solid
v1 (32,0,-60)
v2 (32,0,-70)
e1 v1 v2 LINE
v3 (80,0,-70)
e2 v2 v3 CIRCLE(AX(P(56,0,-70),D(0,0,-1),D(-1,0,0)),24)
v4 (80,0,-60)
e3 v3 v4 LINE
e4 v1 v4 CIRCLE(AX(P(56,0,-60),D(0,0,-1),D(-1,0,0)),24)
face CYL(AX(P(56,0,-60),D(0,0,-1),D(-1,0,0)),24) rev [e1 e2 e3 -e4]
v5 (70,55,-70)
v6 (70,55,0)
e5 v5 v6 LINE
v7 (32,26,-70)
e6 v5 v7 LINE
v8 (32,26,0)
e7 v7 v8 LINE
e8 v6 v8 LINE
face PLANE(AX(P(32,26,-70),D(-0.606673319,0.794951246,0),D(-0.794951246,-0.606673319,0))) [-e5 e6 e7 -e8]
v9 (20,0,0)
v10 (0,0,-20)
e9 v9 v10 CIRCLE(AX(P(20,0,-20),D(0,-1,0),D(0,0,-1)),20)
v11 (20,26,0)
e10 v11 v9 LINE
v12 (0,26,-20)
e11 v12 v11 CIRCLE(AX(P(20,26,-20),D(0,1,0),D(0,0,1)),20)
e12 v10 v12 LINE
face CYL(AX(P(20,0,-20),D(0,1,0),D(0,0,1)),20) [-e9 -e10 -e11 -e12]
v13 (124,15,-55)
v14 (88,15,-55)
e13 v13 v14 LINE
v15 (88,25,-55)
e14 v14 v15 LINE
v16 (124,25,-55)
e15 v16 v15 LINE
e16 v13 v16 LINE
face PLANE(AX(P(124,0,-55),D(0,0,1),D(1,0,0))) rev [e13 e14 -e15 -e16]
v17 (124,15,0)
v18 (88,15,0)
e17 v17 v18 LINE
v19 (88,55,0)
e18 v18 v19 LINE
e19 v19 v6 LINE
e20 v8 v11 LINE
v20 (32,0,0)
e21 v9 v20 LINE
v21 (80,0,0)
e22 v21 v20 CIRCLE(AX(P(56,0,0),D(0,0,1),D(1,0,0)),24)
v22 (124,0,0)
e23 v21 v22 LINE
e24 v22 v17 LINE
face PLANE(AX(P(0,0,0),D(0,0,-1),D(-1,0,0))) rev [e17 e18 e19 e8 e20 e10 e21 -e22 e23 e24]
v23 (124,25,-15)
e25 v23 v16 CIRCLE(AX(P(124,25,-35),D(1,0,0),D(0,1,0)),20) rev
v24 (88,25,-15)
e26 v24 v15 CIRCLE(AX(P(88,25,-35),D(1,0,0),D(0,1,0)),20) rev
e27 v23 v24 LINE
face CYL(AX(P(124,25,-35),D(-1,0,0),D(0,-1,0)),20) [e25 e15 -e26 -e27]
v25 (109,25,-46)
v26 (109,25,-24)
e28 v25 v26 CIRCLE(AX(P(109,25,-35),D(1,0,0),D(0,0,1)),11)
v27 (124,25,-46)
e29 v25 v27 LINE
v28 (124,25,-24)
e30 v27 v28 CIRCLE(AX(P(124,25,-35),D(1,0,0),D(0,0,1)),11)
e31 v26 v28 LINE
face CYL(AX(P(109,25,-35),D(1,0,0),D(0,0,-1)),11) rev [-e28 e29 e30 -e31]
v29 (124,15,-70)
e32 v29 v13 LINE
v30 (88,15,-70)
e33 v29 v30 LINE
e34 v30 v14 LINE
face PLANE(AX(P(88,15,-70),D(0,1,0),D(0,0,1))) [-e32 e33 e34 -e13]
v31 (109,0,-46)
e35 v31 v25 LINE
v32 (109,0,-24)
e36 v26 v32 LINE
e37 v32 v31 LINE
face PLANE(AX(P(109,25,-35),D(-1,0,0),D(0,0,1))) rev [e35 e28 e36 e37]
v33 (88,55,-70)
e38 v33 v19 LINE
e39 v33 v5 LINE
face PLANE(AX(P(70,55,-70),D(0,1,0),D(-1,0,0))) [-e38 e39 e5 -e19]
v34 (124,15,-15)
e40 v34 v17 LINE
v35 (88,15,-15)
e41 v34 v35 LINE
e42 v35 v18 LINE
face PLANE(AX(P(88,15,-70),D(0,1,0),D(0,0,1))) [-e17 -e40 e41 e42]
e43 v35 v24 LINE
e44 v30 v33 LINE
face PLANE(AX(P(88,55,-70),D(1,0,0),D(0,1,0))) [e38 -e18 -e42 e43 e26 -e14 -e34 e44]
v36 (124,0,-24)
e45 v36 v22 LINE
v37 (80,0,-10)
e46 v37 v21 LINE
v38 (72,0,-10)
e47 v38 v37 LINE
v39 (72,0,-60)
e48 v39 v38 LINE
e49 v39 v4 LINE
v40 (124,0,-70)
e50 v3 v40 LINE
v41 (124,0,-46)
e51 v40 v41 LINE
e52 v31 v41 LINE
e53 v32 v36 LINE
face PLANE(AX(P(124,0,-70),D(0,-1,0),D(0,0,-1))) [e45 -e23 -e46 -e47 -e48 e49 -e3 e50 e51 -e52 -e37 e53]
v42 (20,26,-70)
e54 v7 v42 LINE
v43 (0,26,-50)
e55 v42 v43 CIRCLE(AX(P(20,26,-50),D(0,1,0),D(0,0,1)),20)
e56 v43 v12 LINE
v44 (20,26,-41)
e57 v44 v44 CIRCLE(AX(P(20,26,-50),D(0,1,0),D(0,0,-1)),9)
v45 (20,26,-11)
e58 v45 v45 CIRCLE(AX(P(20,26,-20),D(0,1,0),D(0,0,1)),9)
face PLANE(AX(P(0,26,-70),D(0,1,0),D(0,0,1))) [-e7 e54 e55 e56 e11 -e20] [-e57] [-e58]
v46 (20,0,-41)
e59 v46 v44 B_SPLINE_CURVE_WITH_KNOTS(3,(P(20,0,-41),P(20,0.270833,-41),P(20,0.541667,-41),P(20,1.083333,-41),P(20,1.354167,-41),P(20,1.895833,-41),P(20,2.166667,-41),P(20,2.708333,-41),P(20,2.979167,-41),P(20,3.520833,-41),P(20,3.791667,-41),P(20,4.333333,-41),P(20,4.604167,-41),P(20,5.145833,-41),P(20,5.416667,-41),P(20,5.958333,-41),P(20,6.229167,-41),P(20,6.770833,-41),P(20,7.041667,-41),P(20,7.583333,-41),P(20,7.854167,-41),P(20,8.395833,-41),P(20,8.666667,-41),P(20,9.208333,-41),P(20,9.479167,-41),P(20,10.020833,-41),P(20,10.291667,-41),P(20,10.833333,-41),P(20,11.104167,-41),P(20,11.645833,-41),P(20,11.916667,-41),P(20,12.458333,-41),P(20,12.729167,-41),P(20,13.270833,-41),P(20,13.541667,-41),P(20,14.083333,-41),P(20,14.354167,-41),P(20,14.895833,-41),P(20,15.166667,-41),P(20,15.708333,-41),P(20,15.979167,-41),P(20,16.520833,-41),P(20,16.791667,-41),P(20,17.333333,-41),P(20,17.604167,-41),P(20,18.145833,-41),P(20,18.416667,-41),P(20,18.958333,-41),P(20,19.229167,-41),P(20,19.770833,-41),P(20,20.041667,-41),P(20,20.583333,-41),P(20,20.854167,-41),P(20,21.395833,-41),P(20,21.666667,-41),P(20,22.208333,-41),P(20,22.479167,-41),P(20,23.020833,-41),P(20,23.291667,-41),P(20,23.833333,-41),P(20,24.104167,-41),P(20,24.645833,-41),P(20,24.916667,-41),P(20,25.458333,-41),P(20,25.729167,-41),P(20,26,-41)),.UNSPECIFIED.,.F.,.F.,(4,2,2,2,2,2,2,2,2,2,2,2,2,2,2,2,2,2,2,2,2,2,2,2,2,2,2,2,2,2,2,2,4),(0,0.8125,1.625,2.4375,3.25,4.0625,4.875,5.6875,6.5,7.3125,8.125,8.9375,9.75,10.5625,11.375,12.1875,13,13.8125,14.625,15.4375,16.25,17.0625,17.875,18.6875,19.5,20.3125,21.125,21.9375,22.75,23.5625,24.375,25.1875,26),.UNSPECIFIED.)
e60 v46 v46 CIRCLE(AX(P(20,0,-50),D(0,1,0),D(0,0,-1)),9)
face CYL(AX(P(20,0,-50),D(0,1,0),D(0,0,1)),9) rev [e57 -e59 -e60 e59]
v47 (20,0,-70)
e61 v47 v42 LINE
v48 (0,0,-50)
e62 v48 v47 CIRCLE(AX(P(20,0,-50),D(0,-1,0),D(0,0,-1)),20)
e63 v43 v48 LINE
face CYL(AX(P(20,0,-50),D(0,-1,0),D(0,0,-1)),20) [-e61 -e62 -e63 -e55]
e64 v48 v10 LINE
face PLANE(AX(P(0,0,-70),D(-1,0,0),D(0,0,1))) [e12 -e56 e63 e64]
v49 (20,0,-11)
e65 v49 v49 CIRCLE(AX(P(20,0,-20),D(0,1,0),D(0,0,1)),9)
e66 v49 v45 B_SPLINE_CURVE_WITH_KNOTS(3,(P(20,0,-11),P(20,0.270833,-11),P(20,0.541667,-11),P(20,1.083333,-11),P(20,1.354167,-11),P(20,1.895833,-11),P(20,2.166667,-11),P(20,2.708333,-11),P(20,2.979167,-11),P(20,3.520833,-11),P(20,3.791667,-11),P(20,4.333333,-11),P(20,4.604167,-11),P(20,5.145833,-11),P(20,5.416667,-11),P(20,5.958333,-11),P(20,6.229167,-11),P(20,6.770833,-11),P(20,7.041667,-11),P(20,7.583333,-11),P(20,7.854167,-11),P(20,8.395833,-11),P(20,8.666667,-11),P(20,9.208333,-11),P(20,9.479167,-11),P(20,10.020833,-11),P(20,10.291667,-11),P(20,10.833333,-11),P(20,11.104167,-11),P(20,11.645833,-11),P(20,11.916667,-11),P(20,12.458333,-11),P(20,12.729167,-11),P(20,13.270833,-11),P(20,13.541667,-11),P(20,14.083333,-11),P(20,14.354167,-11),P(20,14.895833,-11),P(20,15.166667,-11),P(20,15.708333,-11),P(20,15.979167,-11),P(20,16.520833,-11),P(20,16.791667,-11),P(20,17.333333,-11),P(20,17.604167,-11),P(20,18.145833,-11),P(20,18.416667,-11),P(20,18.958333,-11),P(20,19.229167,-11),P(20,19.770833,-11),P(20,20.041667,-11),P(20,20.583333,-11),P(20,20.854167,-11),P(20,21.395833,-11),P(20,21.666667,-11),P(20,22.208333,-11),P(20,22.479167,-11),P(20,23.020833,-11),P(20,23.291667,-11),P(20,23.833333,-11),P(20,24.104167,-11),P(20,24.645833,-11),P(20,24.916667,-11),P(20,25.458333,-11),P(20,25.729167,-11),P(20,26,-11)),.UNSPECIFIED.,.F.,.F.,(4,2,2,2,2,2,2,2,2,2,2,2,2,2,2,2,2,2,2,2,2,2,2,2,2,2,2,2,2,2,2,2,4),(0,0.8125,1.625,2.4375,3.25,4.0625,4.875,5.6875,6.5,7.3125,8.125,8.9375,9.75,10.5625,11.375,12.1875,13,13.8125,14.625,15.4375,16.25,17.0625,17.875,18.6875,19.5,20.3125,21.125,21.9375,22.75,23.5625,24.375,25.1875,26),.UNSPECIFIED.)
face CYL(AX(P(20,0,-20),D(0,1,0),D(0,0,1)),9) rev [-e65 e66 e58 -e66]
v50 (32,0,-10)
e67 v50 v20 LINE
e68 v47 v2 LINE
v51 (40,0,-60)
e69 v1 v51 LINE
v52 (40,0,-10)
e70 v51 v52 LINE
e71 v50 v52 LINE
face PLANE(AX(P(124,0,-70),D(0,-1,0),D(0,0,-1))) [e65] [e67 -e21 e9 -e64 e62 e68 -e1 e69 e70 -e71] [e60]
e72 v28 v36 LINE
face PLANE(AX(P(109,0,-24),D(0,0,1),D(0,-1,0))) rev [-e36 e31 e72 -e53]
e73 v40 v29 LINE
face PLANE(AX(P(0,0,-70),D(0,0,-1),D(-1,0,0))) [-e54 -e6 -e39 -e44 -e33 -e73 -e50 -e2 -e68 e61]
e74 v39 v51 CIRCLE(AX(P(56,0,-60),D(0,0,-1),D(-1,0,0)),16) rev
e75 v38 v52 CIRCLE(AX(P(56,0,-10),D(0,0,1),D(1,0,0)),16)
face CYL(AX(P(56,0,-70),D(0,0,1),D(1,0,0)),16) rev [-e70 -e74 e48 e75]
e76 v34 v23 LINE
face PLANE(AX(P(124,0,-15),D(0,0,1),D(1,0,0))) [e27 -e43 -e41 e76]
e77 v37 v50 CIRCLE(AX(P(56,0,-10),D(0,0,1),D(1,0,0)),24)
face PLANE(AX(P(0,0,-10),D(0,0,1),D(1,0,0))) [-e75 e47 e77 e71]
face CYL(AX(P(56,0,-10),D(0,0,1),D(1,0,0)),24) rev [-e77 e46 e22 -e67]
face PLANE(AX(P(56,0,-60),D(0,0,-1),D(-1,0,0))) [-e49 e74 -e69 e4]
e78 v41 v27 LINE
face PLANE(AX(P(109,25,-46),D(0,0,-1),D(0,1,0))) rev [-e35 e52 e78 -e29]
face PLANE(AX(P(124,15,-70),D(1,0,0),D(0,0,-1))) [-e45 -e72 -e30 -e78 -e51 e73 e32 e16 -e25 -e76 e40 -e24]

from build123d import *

# Parameters (mm, degrees)
EXTRUDE_1_DEPTH     = 70
FILLET_1_R          = 20
SKETCH_4_R          = 9
CUT_EXTRUDE_1_DEPTH = 146.316895095
CUT_EXTRUDE_2_DEPTH = 10
CUT_EXTRUDE_3_DEPTH = 153.646650799
CUT_EXTRUDE_START   = -10
SKETCH_6_R          = 24
CUT_EXTRUDE_4_DEPTH = 10
EXTRUDE_2_DEPTH     = 36
CUT_EXTRUDE_5_DEPTH = 15


with BuildPart() as part:
    # 草圖3 → 填料-伸長1 (new body)
    with BuildSketch(Plane.XY):
        Polygon((0, 0), (0, 26), (32, 26), (70, 55), (88, 55), (88, 15), (124, 15), (124, 0), (30.697426797, 0), align=None)
    extrude(amount=-EXTRUDE_1_DEPTH)

    # 圓角1
    fillet_1_edges = [part.edges().sort_by_distance(p)[0] for p in [
        (0, 13, -70),
        (0, 13, 0),
    ]]
    fillet(fillet_1_edges, radius=FILLET_1_R)

    # 草圖4 → 除料-伸長1 (cut, through all)
    with BuildSketch(Plane(origin=(0, 26, 0), x_dir=(1, 0, 0), z_dir=(0, 1, 0))):
        with Locations((20, 20)):
            Circle(SKETCH_4_R)
        with Locations((20, 50)):
            Circle(SKETCH_4_R)
    extrude(amount=-CUT_EXTRUDE_1_DEPTH, mode=Mode.SUBTRACT)

    # 草圖5 → 除料-伸長2 (cut)
    with BuildSketch(Plane.XY):
        with BuildLine():
            ThreePointArc((80, 0), (56, 24), (32, 0))
            Line((32, 0), (40, 0))
            ThreePointArc((40, 0), (56, 16), (72, 0))
            Line((72, 0), (80, 0))
        make_face()
    extrude(amount=-CUT_EXTRUDE_2_DEPTH, mode=Mode.SUBTRACT)

    # 草圖5<3> → 除料-伸長3 (cut, through all)
    with BuildSketch(Plane.XY):
        with BuildLine():
            ThreePointArc((72, 0), (56, 16), (40, 0))
            Line((40, 0), (72, 0))
        make_face()
    extrude(amount=-CUT_EXTRUDE_3_DEPTH, mode=Mode.SUBTRACT)

    # 草圖6 → 除料-伸長4 (cut)
    with BuildSketch(Plane(origin=(0, 0, -70), x_dir=(-1, 0, 0), z_dir=(0, 0, -1)).offset(CUT_EXTRUDE_START)):
        with Locations((-56, 0)):
            Circle(SKETCH_6_R)
    extrude(amount=CUT_EXTRUDE_4_DEPTH, mode=Mode.SUBTRACT)

    # 草圖7 → 填料-伸長2 (add)
    with BuildSketch(Plane(origin=(88, 0, 0), x_dir=(0, 0, -1), z_dir=(1, 0, 0))):
        with BuildLine():
            Line((15, 15), (55, 15))
            Line((55, 15), (55, 25))
            ThreePointArc((55, 25), (35, 45), (15, 25))
            Line((15, 25), (15, 15))
        make_face()
    extrude(amount=EXTRUDE_2_DEPTH)

    # 草圖8 → 除料-伸長5 (cut)
    with BuildSketch(Plane(origin=(124, 0, 0), x_dir=(0, 0, -1), z_dir=(1, 0, 0))):
        with BuildLine():
            Line((24, 0), (24, 25))
            ThreePointArc((24, 25), (35, 36), (46, 25))
            Line((46, 25), (46, 0))
            Line((46, 0), (24, 0))
        make_face()
    extrude(amount=-CUT_EXTRUDE_5_DEPTH, mode=Mode.SUBTRACT)


solid = part.part
